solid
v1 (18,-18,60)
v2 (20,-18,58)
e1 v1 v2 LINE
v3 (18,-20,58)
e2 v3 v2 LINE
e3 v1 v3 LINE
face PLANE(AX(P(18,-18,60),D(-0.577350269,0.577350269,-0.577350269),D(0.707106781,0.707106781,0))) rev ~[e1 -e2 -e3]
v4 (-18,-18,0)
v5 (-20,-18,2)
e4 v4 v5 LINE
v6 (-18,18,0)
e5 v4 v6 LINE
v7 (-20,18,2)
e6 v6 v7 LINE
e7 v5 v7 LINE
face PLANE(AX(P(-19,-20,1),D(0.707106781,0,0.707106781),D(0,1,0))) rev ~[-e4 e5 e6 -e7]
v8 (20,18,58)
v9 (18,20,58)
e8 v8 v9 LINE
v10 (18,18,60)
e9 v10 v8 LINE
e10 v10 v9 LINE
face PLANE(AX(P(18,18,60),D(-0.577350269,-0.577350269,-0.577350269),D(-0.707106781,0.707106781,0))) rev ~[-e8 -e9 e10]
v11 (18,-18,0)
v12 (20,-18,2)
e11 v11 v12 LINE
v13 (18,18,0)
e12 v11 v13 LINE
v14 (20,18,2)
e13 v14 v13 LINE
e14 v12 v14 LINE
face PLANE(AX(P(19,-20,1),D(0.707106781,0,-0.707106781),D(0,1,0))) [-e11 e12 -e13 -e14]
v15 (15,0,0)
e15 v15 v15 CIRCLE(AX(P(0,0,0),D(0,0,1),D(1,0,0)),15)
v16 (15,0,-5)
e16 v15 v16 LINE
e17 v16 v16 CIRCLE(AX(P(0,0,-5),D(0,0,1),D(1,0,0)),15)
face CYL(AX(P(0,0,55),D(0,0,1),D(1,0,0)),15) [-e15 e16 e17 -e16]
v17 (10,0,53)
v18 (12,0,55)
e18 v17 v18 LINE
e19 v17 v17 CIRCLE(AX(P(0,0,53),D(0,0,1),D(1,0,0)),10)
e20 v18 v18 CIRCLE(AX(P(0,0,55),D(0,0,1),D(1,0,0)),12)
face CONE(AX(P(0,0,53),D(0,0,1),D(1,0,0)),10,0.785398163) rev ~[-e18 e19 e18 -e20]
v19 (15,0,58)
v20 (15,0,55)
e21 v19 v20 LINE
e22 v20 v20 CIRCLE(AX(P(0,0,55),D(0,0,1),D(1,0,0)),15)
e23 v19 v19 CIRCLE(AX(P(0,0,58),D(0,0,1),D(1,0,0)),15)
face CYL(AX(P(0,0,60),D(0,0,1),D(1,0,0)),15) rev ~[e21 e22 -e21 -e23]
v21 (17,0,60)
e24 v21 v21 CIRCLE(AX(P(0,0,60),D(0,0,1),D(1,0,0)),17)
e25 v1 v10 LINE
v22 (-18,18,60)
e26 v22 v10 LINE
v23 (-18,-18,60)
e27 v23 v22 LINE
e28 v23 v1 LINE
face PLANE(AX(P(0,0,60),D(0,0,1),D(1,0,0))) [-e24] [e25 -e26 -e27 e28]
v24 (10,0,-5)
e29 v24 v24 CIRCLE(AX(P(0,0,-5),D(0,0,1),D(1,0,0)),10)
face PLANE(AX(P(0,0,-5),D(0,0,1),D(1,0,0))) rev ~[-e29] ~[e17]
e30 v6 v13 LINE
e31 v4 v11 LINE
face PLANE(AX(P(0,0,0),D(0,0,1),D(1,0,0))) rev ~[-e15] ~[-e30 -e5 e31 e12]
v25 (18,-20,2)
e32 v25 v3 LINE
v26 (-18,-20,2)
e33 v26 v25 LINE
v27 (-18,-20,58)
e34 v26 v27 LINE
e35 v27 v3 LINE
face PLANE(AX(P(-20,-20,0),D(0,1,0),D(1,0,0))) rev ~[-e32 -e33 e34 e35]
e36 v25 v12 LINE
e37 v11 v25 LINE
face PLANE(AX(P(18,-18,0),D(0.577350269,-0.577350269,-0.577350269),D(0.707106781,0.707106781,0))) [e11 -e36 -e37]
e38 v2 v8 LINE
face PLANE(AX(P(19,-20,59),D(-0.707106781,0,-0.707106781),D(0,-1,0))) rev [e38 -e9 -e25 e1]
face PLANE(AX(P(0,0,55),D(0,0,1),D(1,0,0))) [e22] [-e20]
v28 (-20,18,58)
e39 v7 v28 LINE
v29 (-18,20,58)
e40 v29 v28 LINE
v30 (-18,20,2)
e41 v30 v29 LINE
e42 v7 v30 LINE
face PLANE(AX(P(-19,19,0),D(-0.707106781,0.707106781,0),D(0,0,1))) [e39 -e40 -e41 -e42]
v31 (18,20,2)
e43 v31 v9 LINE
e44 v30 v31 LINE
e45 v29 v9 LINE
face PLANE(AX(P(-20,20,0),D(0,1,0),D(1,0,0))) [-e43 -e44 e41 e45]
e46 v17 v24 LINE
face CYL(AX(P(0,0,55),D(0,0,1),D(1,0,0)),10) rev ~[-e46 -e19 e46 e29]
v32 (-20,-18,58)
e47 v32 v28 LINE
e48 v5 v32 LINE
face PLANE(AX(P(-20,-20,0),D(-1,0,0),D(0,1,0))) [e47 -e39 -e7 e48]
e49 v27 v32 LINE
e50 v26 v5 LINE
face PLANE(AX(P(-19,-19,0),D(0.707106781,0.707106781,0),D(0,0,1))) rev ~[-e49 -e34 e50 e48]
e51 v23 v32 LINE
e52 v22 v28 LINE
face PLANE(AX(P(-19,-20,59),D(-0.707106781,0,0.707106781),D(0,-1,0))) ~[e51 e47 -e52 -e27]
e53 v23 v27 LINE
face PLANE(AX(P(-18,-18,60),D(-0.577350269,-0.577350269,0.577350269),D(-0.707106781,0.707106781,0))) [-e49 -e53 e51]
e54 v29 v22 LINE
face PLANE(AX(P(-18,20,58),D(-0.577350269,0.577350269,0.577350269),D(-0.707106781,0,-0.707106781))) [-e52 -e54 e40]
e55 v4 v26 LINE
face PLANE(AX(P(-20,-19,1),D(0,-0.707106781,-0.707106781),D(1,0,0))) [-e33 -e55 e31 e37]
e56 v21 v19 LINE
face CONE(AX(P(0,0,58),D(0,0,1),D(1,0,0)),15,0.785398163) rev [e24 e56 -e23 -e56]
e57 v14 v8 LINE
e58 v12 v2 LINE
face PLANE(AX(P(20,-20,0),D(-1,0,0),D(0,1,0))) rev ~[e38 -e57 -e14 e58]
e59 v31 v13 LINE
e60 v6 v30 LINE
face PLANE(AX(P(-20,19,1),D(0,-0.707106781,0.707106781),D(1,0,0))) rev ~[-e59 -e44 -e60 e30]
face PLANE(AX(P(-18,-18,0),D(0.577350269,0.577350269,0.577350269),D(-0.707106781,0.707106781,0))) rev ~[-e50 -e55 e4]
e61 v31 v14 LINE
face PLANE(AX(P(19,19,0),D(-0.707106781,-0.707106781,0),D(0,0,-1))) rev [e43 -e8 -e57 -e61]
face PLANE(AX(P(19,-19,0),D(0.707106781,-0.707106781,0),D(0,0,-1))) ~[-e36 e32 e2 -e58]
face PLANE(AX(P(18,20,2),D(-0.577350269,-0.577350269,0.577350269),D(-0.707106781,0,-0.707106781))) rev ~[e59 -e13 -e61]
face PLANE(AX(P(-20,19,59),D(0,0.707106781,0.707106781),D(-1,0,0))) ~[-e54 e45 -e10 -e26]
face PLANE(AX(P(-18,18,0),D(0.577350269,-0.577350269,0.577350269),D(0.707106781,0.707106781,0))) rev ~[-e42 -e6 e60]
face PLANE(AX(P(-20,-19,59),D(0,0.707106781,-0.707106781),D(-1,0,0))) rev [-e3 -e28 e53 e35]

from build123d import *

# Parameters (mm, degrees)
F0_W     = 40
F0_H     = 40
F1_DEPTH = 60
F2_R     = 15
F3_DEPTH = 60
F5_START = -5
F4_R     = 15
F4_R_2   = 10
F5_DEPTH = 60
F6_SIZE  = 2


with BuildPart() as f1:
    # F0 (on Top) → F1 (new body)
    with BuildSketch(Plane.XY):
        Rectangle(F0_W, F0_H)
    extrude(amount=F1_DEPTH)

    # F2 (on face) → F3 (cut, through all)
    with BuildSketch(Plane.XY.offset(60)):
        Circle(F2_R)
    extrude(amount=-F3_DEPTH, mode=Mode.SUBTRACT)

    # F4 (on face) → F5 (join)
    with BuildSketch(Plane.XY.offset(60).offset(F5_START)):
        Circle(F4_R)
        Circle(F4_R_2, mode=Mode.SUBTRACT)
    extrude(amount=-F5_DEPTH)

    # F6
    f6_edges = [f1.edges().sort_by_distance(p)[0] for p in [
        (-20, -20, 30),
        (20, -20, 30),
        (0, -20, 60),
        (0, -20, 0),
        (20, 0, 0),
        (20, 20, 30),
        (20, 0, 60),
        (-20, 0, 60),
        (0, 20, 60),
        (-20, 20, 30),
        (-20, 0, 0),
        (0, 20, 0),
        (-15, 0, 60),
        (-10, 0, 55),
    ]]
    chamfer(f6_edges, length=F6_SIZE)


solid = f1.part
